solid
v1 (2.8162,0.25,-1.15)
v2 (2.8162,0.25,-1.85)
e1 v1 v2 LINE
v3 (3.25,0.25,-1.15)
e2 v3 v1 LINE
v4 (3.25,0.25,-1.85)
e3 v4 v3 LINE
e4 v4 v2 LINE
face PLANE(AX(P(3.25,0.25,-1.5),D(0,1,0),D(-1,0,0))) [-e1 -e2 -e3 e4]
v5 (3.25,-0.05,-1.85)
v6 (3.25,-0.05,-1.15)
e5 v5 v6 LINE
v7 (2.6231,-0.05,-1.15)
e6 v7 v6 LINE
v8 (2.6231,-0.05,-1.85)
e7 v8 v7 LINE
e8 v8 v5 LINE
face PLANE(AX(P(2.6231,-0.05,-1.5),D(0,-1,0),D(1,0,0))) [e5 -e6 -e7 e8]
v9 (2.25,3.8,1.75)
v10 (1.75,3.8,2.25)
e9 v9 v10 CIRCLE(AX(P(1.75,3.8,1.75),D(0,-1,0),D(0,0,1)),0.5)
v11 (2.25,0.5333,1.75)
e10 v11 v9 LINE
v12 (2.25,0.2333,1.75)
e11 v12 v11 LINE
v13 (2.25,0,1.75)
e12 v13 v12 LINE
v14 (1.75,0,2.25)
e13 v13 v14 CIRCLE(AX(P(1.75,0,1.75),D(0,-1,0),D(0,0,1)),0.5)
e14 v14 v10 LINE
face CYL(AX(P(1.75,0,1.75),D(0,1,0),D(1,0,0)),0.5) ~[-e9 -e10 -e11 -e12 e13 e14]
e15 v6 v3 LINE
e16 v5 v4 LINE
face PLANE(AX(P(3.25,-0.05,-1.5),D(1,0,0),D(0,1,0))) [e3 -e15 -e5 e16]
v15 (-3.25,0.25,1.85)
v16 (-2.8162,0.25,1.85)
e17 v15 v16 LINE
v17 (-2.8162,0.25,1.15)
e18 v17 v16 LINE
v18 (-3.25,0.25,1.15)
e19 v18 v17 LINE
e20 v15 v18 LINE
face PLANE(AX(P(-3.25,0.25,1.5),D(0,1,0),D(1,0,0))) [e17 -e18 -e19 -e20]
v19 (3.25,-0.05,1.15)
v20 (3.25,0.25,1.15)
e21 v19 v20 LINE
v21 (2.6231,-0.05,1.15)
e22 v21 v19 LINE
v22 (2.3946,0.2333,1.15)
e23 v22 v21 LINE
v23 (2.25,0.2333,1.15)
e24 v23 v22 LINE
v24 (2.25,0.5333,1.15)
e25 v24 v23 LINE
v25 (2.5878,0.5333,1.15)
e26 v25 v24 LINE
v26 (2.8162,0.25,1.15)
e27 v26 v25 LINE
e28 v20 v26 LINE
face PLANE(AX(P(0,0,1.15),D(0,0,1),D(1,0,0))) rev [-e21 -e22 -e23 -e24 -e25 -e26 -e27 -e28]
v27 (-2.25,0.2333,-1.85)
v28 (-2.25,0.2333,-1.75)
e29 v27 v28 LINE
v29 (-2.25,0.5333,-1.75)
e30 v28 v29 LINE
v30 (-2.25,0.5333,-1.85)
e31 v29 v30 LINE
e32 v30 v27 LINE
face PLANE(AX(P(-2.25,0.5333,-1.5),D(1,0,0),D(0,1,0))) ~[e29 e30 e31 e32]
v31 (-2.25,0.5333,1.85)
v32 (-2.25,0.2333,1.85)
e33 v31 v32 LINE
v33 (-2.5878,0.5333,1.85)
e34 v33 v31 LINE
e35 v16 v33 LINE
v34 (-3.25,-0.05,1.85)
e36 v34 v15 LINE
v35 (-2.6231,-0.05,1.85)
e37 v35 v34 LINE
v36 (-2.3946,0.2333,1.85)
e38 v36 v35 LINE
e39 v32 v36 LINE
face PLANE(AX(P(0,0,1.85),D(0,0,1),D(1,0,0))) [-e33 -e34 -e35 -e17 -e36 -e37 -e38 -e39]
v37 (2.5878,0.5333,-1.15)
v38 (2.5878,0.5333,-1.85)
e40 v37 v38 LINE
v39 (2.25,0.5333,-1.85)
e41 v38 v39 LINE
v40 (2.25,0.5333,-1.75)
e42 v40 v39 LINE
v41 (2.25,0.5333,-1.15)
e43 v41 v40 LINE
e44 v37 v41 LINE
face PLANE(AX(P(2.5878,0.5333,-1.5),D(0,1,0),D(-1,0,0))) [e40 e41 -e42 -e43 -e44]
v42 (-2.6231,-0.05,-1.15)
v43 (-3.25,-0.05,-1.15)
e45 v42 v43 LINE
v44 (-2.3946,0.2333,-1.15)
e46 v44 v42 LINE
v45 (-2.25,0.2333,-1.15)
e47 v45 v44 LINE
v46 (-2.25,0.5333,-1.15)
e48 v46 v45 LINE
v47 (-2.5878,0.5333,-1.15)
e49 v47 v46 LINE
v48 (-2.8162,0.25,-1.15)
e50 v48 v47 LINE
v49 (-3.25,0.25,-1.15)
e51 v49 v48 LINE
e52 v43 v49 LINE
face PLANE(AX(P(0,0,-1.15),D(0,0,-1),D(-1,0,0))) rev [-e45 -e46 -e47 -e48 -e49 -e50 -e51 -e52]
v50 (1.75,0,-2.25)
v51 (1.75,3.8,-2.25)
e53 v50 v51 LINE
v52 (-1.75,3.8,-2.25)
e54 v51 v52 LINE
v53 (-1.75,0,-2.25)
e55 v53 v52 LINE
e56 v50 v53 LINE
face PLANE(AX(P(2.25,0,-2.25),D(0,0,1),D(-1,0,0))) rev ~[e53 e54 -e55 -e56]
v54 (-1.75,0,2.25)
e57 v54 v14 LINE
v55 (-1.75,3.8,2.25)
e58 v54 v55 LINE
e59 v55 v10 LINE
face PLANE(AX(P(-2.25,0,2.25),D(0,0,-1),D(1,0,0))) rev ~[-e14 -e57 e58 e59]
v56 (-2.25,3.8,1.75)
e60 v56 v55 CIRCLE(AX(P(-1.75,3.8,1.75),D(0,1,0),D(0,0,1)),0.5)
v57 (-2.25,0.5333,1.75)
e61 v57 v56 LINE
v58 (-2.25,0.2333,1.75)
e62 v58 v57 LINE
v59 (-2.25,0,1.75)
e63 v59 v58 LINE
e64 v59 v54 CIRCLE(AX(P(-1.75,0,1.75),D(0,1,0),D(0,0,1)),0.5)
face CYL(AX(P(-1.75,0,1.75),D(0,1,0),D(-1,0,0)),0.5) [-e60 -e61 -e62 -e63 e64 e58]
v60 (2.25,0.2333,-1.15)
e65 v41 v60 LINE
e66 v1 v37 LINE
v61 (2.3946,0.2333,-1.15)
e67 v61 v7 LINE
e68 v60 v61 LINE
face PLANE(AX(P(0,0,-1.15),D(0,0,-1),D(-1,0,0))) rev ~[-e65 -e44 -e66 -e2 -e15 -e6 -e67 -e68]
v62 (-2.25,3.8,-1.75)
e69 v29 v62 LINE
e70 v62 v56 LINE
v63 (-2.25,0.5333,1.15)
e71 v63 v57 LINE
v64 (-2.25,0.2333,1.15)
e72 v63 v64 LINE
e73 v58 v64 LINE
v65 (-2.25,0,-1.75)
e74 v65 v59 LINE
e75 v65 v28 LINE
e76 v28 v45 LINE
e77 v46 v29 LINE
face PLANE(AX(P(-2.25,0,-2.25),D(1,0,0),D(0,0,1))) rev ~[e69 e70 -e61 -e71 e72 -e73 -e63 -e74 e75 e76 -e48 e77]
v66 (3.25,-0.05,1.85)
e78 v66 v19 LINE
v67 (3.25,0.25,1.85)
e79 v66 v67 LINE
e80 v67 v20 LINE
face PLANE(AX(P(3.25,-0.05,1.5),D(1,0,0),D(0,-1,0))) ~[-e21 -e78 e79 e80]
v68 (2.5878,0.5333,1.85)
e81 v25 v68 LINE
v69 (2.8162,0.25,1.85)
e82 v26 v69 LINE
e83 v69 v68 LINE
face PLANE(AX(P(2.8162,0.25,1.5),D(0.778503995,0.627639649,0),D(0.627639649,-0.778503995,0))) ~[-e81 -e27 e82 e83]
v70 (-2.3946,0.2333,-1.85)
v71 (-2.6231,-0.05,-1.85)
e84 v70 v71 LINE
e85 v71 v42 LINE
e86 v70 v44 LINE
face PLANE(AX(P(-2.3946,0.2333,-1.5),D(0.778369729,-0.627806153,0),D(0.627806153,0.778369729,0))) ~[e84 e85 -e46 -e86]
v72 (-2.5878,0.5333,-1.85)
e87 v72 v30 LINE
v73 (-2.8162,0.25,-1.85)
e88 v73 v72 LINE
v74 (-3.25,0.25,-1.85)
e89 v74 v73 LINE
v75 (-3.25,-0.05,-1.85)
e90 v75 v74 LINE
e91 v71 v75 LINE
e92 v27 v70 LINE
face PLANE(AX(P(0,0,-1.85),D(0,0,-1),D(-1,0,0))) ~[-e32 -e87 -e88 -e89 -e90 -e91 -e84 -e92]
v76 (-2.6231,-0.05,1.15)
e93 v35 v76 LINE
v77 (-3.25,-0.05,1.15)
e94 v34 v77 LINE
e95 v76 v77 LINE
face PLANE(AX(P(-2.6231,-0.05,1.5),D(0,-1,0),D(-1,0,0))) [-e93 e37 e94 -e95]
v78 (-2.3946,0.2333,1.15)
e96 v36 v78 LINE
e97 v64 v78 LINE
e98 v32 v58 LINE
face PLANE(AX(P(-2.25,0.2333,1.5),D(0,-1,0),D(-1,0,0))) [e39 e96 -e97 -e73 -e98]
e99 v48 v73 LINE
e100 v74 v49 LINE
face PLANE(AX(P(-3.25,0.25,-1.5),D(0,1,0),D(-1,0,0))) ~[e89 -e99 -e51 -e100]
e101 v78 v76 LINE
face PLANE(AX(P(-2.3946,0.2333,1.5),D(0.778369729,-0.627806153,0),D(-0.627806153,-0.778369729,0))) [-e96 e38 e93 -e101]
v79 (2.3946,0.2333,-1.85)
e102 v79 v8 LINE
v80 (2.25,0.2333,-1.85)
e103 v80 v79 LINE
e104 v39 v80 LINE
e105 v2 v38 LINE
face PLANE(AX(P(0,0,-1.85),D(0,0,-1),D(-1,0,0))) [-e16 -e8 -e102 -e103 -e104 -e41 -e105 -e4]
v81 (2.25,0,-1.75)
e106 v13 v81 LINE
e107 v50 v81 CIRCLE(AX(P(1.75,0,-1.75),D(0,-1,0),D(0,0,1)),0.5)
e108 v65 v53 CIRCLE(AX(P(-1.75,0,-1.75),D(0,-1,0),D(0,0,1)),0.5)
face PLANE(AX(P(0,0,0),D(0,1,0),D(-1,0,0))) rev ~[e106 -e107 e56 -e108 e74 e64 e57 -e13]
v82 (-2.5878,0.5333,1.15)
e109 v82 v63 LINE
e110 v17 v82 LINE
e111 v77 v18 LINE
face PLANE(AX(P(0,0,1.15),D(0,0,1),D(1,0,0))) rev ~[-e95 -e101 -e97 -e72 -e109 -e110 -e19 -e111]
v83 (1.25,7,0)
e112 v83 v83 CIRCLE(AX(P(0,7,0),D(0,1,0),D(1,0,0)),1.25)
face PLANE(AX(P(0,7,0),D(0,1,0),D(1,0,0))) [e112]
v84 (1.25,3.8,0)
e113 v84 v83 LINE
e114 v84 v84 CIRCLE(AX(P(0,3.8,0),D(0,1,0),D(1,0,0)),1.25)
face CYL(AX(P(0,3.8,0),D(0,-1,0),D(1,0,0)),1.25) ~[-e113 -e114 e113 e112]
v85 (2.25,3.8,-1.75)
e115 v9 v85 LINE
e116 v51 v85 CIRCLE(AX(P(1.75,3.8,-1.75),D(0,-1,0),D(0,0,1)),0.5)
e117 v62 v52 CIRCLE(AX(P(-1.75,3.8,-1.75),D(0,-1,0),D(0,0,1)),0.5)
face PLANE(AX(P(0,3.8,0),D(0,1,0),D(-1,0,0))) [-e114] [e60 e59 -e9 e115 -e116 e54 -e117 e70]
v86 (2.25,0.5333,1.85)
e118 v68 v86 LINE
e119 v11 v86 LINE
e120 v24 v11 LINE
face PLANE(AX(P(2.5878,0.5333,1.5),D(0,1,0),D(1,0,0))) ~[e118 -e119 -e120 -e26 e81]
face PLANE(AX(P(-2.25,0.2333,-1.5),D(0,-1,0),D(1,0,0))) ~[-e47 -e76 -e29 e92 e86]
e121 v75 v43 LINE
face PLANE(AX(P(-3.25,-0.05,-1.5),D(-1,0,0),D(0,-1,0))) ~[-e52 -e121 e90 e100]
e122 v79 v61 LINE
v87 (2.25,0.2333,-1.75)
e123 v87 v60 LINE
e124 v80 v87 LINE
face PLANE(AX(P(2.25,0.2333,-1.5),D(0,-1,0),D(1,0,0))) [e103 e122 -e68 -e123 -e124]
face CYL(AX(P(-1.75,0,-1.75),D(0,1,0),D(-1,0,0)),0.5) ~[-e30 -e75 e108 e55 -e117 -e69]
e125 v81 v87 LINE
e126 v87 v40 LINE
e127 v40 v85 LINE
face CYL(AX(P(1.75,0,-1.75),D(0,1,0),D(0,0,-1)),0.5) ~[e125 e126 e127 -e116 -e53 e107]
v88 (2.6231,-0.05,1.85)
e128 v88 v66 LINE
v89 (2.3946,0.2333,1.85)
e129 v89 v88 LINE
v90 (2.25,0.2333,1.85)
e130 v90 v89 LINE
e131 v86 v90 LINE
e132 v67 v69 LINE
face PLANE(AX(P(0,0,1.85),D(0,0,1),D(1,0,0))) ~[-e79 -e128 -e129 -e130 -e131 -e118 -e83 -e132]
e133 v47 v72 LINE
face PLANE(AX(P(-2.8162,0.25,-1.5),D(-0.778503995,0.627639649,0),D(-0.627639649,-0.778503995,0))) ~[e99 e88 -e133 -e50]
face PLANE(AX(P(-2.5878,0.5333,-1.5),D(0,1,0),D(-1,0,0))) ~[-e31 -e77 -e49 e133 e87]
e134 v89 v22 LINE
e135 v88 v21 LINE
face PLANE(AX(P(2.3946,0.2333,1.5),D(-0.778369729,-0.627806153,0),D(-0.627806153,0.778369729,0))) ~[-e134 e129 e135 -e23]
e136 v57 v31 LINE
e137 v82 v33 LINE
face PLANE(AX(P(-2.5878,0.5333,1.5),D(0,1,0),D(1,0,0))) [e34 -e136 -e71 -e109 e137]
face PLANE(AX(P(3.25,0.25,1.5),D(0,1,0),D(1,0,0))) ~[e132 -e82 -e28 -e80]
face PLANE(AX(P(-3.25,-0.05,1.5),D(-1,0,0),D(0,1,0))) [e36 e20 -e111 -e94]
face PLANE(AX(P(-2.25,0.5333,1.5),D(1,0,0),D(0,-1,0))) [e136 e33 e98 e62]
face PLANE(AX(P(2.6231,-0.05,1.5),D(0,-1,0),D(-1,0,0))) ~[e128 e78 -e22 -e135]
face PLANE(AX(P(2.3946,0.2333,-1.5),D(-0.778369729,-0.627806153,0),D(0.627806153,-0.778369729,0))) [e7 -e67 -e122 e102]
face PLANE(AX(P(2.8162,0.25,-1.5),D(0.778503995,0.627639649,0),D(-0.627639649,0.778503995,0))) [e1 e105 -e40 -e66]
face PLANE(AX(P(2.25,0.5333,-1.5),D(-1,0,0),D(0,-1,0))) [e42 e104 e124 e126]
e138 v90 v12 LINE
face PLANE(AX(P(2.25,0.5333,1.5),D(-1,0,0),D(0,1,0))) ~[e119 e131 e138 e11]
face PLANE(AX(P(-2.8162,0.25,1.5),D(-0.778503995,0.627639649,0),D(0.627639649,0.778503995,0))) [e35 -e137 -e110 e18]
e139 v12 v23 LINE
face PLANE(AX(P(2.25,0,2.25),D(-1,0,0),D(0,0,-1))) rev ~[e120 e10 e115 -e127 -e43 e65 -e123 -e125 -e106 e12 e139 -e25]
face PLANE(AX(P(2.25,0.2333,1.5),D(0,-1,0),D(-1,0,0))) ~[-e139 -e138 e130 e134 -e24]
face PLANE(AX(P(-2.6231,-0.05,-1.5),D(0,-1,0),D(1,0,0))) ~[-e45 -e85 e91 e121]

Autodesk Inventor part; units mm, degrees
ref_plane "YZ Plane" through (0, 0, 0) normal (1, 0, 0) x (0, 1, 0)
ref_plane "XZ Plane" through (0, 0, 0) normal (0, 1, 0) x (-1, 0, 0)
sketch "Sketch1" plane through (0, 0, 0) normal (0, 1, 0) x (-1, 0, 0)
  line L0 (2.25, 2.25) -> (-2.25, 2.25)
  line L1 (-2.25, 2.25) -> (-2.25, -2.25)
  line L2 (-2.25, -2.25) -> (2.25, -2.25)
  line L3 (2.25, -2.25) -> (2.25, 2.25)
  point P0 (0, 0)
  dimension "d0" = 4.5
  dimension "d1" = 2.25
  dimension "d2" = 4.5
  dimension "d3" = 2.25
extrude "Extrusion1" add sketch "Sketch1" along normal blind 3.8
fillet "Fillet1" radius 0.5 4 edges at (2.25, 1.9, 2.25) (2.25, 1.9, -2.25) (-2.25, 1.9, 2.25) (-2.25, 1.9, -2.25)
sketch "Sketch2" plane through (0, 3.8, 0) normal (0, 1, 0) x (1, 0, 0)
  circle A0 centre (0, 0) radius 1.25
  dimension "d7" = 2.5
extrude "Extrusion2" add sketch "Sketch2" along normal blind 3.2
ref_plane "Work Plane1" through (0, 0, 1.5) normal (0, 0, 1) x (1, 0, 0)
sketch "Sketch3" plane through (0, 0, 1.5) normal (0, 0, 1) x (1, 0, 0)
  line L0 (-2.25, 3.8) -> (-2.25, 0) projected
  line L1 (-2.25, 0.5333) -> (-2.25, 0.2333)
  line L2 (-2.25, 0.2333) -> (-2.3946, 0.2333)
  line L3 (-2.3946, 0.2333) -> (-2.6231, -0.05)
  line L4 (-2.6231, -0.05) -> (-3.25, -0.05)
  line L5 (-3.25, -0.05) -> (-3.25, 0.25)
  line L6 (-3.25, 0.25) -> (-2.8162, 0.25)
  line L7 (-2.8162, 0.25) -> (-2.5878, 0.5333)
  line L8 (-2.5878, 0.5333) -> (-2.25, 0.5333)
  line L9 (-1.75, 0) -> (-2.25, 0) projected
  point P0 (0, 0)
  dimension "d11" = 0.3
  dimension "d12" = 0.3
  dimension "d13" = 0.05
  dimension "d14" = 1
extrude "Extrusion3" add sketch "Sketch3" along normal mid plane 0.7
mirror "Mirror1" about plane through (0, 0, 0) normal (0, 0, 1) of "Extrusion3"
mirror "Mirror2" about plane through (0, 0, 0) normal (1, 0, 0) of "Extrusion3", "Mirror1"
properties part number "TL3305_Tactile"
